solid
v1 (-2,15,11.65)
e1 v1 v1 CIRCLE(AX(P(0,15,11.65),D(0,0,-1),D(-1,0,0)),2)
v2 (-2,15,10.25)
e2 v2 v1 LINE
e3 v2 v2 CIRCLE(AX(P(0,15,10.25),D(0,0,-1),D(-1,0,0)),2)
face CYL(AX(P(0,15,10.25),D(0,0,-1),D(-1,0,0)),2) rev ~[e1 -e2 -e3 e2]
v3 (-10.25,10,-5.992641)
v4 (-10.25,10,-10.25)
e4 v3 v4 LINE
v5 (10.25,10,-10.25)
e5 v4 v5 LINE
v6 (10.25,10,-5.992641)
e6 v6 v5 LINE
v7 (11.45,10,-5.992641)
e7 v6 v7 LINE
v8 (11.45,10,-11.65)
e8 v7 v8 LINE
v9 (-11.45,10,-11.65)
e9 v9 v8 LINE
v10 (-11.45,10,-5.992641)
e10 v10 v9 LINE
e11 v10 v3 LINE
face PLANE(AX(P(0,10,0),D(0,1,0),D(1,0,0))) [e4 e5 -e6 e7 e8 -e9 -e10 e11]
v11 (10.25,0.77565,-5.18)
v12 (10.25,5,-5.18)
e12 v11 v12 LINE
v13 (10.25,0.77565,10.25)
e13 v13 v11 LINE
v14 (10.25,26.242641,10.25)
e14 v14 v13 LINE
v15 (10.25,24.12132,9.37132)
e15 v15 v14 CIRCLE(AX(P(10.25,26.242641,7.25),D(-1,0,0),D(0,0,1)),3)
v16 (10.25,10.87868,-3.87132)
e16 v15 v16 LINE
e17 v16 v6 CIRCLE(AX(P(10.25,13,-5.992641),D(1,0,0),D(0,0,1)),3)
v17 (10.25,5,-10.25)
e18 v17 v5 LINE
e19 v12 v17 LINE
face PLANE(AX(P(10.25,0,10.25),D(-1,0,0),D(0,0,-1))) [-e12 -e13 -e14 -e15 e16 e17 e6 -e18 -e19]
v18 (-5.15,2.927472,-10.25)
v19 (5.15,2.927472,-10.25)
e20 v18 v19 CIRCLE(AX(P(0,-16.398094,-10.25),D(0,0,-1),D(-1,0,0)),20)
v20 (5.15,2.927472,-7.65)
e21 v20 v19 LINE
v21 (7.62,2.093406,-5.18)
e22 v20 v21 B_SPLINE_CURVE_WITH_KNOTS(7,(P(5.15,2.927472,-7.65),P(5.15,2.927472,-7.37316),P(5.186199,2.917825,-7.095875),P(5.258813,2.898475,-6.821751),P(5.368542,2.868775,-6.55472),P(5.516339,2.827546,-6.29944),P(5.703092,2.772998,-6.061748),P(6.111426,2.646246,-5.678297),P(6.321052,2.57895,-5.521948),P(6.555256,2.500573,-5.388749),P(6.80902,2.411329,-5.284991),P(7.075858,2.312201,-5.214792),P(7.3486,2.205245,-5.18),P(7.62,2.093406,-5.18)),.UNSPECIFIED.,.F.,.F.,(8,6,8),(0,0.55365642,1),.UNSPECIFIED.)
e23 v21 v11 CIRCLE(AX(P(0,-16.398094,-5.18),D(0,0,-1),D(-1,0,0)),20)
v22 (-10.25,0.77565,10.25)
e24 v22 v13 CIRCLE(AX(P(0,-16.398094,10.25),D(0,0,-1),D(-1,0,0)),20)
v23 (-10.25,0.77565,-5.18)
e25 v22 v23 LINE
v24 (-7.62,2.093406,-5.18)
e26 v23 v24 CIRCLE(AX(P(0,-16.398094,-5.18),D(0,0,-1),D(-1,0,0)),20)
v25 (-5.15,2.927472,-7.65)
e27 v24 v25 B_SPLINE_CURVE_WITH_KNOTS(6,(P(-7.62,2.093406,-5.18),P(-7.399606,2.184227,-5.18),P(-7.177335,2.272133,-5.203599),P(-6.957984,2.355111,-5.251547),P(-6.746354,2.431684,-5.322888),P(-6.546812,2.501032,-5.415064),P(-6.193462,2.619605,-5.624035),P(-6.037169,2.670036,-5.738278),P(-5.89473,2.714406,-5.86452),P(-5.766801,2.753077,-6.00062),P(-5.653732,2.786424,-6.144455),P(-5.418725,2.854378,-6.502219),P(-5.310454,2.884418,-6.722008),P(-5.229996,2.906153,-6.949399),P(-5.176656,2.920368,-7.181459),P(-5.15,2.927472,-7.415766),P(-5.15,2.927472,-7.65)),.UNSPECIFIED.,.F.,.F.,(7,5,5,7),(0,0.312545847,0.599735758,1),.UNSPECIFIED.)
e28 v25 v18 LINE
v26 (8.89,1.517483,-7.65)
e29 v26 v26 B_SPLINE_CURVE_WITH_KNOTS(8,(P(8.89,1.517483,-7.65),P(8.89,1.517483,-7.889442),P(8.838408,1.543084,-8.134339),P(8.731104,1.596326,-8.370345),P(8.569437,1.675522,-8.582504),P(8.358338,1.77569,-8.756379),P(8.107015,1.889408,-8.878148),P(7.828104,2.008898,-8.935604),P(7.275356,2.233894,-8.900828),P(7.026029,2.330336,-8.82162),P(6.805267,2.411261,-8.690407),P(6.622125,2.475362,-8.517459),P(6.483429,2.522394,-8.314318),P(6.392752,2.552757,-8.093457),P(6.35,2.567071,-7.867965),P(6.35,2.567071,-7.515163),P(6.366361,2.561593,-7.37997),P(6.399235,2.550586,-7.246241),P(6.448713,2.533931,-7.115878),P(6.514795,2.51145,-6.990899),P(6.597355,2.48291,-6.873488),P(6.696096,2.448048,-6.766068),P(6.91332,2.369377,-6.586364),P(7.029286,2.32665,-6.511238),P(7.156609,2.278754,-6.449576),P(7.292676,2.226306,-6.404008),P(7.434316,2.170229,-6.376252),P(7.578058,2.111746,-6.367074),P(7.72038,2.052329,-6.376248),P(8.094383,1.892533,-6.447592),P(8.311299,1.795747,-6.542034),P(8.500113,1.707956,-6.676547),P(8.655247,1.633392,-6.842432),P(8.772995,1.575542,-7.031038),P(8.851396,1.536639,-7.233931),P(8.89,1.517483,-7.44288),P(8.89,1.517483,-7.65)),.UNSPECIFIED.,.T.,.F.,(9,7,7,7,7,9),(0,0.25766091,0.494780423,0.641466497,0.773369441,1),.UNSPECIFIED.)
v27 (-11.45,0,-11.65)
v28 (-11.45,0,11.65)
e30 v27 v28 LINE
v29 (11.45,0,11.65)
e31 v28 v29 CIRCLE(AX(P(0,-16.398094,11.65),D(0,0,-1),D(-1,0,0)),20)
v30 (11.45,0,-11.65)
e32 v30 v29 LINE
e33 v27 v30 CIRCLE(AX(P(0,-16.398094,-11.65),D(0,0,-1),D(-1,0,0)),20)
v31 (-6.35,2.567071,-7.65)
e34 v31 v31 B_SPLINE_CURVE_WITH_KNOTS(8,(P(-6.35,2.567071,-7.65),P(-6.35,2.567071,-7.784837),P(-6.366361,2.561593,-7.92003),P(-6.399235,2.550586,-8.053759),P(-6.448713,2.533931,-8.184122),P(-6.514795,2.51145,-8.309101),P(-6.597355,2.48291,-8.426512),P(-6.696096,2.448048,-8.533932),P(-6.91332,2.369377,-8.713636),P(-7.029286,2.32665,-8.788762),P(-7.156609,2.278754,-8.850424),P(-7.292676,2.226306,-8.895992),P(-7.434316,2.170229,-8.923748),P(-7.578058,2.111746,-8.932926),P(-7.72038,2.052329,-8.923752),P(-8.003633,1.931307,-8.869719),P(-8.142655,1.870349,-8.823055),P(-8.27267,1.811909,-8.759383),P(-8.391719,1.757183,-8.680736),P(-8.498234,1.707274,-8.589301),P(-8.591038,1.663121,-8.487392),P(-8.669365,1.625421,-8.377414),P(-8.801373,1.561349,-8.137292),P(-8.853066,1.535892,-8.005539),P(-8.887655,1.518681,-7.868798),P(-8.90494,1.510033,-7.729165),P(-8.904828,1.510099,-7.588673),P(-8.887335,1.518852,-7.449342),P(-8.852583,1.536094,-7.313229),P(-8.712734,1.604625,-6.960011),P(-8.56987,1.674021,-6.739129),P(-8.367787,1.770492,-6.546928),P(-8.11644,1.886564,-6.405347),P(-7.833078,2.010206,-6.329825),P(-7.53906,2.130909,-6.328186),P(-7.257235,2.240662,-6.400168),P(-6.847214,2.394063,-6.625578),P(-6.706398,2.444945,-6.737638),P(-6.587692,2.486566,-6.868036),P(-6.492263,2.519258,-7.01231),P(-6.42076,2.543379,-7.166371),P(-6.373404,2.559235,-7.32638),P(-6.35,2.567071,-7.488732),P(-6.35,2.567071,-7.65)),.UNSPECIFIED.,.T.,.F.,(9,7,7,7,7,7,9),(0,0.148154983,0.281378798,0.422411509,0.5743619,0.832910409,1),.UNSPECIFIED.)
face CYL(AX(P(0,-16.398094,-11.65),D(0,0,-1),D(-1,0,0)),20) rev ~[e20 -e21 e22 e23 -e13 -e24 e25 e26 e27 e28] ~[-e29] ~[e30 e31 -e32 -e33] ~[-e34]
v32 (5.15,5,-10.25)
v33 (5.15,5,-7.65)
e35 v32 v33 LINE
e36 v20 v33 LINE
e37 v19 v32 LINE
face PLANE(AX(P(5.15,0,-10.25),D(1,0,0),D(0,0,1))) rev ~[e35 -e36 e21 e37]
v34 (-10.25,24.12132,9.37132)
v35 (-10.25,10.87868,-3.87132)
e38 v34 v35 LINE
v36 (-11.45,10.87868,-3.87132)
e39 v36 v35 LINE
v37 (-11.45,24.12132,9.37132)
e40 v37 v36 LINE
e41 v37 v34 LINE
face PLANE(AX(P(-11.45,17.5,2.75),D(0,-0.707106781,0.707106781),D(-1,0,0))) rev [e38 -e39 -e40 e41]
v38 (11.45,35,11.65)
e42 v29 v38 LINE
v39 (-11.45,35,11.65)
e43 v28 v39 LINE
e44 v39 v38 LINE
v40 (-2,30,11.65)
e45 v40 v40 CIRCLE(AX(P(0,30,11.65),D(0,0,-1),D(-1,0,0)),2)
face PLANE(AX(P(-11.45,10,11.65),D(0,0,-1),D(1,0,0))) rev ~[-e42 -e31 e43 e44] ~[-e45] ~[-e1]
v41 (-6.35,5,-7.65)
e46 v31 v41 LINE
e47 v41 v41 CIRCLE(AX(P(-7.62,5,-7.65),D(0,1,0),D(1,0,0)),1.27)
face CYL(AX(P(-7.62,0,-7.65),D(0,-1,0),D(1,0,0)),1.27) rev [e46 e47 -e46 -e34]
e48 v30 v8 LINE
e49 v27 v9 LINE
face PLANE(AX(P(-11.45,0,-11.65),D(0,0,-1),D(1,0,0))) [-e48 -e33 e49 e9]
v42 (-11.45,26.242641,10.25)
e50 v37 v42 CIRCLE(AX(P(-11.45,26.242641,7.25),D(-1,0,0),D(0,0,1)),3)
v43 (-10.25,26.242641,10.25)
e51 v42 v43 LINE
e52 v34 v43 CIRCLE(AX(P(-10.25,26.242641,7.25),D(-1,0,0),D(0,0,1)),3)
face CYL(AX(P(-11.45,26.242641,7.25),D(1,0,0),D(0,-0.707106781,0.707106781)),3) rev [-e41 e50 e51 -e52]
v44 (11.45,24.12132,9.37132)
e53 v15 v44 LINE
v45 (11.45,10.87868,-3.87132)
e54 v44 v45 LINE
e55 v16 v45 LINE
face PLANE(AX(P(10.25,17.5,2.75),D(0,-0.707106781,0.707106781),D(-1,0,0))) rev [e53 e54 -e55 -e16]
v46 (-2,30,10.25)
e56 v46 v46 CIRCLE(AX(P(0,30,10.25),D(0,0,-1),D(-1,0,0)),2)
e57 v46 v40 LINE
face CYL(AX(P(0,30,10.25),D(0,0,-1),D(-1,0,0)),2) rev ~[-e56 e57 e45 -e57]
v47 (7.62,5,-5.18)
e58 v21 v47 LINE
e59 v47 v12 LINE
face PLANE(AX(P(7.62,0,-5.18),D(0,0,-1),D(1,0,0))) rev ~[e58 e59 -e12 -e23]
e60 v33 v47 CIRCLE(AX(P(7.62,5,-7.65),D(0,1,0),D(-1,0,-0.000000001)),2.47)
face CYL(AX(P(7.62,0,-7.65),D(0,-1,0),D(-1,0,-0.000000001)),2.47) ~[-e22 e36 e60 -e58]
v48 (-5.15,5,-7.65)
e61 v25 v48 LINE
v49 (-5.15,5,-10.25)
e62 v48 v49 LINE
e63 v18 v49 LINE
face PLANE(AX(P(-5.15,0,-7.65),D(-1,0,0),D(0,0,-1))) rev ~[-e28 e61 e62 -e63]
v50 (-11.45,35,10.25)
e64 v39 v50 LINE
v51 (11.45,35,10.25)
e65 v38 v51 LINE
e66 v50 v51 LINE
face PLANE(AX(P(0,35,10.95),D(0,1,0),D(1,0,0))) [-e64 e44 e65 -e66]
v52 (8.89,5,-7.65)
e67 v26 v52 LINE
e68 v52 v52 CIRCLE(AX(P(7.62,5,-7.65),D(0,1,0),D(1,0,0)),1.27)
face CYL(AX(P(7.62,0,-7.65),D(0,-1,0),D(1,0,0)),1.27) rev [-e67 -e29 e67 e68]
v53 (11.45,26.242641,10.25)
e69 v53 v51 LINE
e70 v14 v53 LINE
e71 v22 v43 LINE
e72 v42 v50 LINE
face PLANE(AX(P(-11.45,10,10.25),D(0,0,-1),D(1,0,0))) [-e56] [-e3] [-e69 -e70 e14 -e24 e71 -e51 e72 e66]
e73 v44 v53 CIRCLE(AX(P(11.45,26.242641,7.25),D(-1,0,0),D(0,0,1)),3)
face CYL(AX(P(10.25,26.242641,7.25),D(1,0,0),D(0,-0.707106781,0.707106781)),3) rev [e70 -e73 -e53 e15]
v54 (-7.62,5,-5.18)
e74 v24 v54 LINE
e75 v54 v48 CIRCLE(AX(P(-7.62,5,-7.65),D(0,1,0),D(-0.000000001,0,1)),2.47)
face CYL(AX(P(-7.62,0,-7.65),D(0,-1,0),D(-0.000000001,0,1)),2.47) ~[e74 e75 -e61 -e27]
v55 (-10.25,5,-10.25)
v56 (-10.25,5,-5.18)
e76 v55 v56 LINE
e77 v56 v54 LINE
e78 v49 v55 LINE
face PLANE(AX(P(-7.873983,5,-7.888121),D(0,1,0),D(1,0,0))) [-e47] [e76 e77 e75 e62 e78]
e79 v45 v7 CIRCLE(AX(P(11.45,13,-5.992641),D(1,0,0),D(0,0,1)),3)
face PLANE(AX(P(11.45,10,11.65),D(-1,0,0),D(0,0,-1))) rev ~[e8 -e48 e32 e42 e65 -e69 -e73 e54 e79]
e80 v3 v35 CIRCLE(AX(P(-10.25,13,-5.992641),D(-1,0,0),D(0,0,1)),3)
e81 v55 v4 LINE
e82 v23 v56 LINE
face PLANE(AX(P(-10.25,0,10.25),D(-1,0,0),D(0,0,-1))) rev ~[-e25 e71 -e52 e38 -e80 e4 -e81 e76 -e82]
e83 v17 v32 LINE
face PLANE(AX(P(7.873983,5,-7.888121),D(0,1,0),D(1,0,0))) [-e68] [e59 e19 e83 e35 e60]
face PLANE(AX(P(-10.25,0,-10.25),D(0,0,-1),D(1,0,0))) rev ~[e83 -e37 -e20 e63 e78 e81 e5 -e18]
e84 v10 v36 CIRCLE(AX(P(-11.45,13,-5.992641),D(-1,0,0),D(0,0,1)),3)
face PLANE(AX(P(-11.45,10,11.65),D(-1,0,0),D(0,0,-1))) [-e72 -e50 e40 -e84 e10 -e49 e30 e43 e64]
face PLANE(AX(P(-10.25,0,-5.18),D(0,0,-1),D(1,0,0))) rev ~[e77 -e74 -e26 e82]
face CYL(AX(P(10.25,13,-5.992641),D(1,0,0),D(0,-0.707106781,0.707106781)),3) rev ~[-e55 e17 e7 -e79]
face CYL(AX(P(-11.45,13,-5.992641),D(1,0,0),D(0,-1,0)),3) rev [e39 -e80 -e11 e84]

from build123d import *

# Parameters (mm, degrees)
SKETCH_1_W          = 22.9
SKETCH_1_H          = 23.3
SKETCH_1_W_2        = 20.5
SKETCH_1_H_2        = 20.5
EXTRUDE_1_DEPTH     = 10
SKETCH_1_4_R        = 1.27
EXTRUDE_2_DEPTH     = 5
EXTRUDE_3_DEPTH     = 10
SKETCH_3_W          = 22.9
SKETCH_3_H          = 1.4
EXTRUDE_4_DEPTH     = 25
CUT_EXTRUDE_1_REACH = 45.577
SKETCH_4_R          = 20
SKETCH_5_R          = 2
CUT_EXTRUDE_2_DEPTH = 43.84521568
CHAMFER_1_SIZE      = 15
FILLET_1_R          = 3


with BuildPart() as part:
    # 草图1 → 凸台-拉伸1 (new body)
    with BuildSketch(Plane(origin=(0, 0, 0), x_dir=(1, 0, 0), z_dir=(0, 1, 0))):
        Rectangle(SKETCH_1_W, SKETCH_1_H)
        Rectangle(SKETCH_1_W_2, SKETCH_1_H_2, mode=Mode.SUBTRACT)
    extrude(amount=EXTRUDE_1_DEPTH)

    # 草图1<4> → 凸台-拉伸2 (add)
    # profile 1 of 2: a face of its own
    with BuildSketch(Plane(origin=(0, 0, 0), x_dir=(1, 0, 0), z_dir=(0, 1, 0))):
        with BuildLine():
            Line((-5.15, 10.25), (-10.25, 10.25))
            Line((-10.25, 10.25), (-10.25, 5.18))
            Line((-10.25, 5.18), (-7.62, 5.18))
            ThreePointArc((-7.62, 5.18), (-5.87344625, 5.90344625), (-5.15, 7.65))
            Line((-5.15, 7.65), (-5.15, 10.25))
        make_face()
        with Locations((-7.62, 7.65)):
            Circle(SKETCH_1_4_R, mode=Mode.SUBTRACT)
    # profile 2 of 2: a face of its own
    with BuildSketch(Plane(origin=(0, 0, 0), x_dir=(1, 0, 0), z_dir=(0, 1, 0))):
        with BuildLine():
            Line((10.25, 10.25), (5.15, 10.25))
            Line((5.15, 10.25), (5.15, 7.65))
            ThreePointArc((5.15, 7.65), (5.87344625, 5.90344625), (7.62, 5.18))
            Line((7.62, 5.18), (10.25, 5.18))
            Line((10.25, 5.18), (10.25, 10.25))
        make_face()
        with Locations((7.62, 7.65)):
            Circle(SKETCH_1_4_R, mode=Mode.SUBTRACT)
    extrude(amount=EXTRUDE_2_DEPTH)

    # 草图1<5> → 凸台-拉伸3 (add)
    with BuildSketch(Plane(origin=(0, 0, 0), x_dir=(1, 0, 0), z_dir=(0, 1, 0))):
        Polygon((10.25, -10.25), (-10.25, -10.25), (-11.45, -10.25), (-11.45, -11.65), (11.45, -11.65), (11.45, -10.25), align=None)
    extrude(amount=EXTRUDE_3_DEPTH)

    # 草图3 → 凸台-拉伸4 (add)
    with BuildSketch(Plane(origin=(0, 10, 0), x_dir=(1, 0, 0), z_dir=(0, 1, 0))):
        with Locations((0, -10.95)):
            Rectangle(SKETCH_3_W, SKETCH_3_H)
    extrude(amount=EXTRUDE_4_DEPTH)

    # 草图4 → 切除-拉伸1 (cut, up to next)
    with BuildSketch(Plane(origin=(0, 0, -11.65), x_dir=(-1, 0, 0), z_dir=(0, 0, -1)), mode=Mode.PRIVATE) as cut_extrude_1_sk1:
        with Locations((0, -16.398094401)):
            Circle(SKETCH_4_R)
    cut_extrude_1_tool1 = extrude(cut_extrude_1_sk1.sketch, amount=-CUT_EXTRUDE_1_REACH, mode=Mode.PRIVATE) & part.part
    add(cut_extrude_1_tool1.solids().sort_by_distance((0, -16.398094, -11.65))[0], mode=Mode.SUBTRACT)

    # 草图5 → 切除-拉伸2 (cut, through all)
    with BuildSketch(Plane(origin=(0, 0, 10.25), x_dir=(-1, 0, 0), z_dir=(0, 0, -1))):
        with Locations((0, 15)):
            Circle(SKETCH_5_R)
        with Locations((0, 30)):
            Circle(SKETCH_5_R)
    extrude(amount=-CUT_EXTRUDE_2_DEPTH, mode=Mode.SUBTRACT)

    # 倒角1
    chamfer_1_edges = [part.edges().sort_by_distance(p)[0] for p in [
        (10.85, 10, 10.25),
        (-10.85, 10, 10.25),
    ]]
    chamfer(chamfer_1_edges, length=CHAMFER_1_SIZE)

    # 圆角1
    fillet_1_edges = [part.edges().sort_by_distance(p)[0] for p in [
        (10.85, 10, -4.75),
        (10.85, 25, 10.25),
        (-10.85, 25, 10.25),
        (-10.85, 10, -4.75),
    ]]
    fillet(fillet_1_edges, radius=FILLET_1_R)


solid = part.part
